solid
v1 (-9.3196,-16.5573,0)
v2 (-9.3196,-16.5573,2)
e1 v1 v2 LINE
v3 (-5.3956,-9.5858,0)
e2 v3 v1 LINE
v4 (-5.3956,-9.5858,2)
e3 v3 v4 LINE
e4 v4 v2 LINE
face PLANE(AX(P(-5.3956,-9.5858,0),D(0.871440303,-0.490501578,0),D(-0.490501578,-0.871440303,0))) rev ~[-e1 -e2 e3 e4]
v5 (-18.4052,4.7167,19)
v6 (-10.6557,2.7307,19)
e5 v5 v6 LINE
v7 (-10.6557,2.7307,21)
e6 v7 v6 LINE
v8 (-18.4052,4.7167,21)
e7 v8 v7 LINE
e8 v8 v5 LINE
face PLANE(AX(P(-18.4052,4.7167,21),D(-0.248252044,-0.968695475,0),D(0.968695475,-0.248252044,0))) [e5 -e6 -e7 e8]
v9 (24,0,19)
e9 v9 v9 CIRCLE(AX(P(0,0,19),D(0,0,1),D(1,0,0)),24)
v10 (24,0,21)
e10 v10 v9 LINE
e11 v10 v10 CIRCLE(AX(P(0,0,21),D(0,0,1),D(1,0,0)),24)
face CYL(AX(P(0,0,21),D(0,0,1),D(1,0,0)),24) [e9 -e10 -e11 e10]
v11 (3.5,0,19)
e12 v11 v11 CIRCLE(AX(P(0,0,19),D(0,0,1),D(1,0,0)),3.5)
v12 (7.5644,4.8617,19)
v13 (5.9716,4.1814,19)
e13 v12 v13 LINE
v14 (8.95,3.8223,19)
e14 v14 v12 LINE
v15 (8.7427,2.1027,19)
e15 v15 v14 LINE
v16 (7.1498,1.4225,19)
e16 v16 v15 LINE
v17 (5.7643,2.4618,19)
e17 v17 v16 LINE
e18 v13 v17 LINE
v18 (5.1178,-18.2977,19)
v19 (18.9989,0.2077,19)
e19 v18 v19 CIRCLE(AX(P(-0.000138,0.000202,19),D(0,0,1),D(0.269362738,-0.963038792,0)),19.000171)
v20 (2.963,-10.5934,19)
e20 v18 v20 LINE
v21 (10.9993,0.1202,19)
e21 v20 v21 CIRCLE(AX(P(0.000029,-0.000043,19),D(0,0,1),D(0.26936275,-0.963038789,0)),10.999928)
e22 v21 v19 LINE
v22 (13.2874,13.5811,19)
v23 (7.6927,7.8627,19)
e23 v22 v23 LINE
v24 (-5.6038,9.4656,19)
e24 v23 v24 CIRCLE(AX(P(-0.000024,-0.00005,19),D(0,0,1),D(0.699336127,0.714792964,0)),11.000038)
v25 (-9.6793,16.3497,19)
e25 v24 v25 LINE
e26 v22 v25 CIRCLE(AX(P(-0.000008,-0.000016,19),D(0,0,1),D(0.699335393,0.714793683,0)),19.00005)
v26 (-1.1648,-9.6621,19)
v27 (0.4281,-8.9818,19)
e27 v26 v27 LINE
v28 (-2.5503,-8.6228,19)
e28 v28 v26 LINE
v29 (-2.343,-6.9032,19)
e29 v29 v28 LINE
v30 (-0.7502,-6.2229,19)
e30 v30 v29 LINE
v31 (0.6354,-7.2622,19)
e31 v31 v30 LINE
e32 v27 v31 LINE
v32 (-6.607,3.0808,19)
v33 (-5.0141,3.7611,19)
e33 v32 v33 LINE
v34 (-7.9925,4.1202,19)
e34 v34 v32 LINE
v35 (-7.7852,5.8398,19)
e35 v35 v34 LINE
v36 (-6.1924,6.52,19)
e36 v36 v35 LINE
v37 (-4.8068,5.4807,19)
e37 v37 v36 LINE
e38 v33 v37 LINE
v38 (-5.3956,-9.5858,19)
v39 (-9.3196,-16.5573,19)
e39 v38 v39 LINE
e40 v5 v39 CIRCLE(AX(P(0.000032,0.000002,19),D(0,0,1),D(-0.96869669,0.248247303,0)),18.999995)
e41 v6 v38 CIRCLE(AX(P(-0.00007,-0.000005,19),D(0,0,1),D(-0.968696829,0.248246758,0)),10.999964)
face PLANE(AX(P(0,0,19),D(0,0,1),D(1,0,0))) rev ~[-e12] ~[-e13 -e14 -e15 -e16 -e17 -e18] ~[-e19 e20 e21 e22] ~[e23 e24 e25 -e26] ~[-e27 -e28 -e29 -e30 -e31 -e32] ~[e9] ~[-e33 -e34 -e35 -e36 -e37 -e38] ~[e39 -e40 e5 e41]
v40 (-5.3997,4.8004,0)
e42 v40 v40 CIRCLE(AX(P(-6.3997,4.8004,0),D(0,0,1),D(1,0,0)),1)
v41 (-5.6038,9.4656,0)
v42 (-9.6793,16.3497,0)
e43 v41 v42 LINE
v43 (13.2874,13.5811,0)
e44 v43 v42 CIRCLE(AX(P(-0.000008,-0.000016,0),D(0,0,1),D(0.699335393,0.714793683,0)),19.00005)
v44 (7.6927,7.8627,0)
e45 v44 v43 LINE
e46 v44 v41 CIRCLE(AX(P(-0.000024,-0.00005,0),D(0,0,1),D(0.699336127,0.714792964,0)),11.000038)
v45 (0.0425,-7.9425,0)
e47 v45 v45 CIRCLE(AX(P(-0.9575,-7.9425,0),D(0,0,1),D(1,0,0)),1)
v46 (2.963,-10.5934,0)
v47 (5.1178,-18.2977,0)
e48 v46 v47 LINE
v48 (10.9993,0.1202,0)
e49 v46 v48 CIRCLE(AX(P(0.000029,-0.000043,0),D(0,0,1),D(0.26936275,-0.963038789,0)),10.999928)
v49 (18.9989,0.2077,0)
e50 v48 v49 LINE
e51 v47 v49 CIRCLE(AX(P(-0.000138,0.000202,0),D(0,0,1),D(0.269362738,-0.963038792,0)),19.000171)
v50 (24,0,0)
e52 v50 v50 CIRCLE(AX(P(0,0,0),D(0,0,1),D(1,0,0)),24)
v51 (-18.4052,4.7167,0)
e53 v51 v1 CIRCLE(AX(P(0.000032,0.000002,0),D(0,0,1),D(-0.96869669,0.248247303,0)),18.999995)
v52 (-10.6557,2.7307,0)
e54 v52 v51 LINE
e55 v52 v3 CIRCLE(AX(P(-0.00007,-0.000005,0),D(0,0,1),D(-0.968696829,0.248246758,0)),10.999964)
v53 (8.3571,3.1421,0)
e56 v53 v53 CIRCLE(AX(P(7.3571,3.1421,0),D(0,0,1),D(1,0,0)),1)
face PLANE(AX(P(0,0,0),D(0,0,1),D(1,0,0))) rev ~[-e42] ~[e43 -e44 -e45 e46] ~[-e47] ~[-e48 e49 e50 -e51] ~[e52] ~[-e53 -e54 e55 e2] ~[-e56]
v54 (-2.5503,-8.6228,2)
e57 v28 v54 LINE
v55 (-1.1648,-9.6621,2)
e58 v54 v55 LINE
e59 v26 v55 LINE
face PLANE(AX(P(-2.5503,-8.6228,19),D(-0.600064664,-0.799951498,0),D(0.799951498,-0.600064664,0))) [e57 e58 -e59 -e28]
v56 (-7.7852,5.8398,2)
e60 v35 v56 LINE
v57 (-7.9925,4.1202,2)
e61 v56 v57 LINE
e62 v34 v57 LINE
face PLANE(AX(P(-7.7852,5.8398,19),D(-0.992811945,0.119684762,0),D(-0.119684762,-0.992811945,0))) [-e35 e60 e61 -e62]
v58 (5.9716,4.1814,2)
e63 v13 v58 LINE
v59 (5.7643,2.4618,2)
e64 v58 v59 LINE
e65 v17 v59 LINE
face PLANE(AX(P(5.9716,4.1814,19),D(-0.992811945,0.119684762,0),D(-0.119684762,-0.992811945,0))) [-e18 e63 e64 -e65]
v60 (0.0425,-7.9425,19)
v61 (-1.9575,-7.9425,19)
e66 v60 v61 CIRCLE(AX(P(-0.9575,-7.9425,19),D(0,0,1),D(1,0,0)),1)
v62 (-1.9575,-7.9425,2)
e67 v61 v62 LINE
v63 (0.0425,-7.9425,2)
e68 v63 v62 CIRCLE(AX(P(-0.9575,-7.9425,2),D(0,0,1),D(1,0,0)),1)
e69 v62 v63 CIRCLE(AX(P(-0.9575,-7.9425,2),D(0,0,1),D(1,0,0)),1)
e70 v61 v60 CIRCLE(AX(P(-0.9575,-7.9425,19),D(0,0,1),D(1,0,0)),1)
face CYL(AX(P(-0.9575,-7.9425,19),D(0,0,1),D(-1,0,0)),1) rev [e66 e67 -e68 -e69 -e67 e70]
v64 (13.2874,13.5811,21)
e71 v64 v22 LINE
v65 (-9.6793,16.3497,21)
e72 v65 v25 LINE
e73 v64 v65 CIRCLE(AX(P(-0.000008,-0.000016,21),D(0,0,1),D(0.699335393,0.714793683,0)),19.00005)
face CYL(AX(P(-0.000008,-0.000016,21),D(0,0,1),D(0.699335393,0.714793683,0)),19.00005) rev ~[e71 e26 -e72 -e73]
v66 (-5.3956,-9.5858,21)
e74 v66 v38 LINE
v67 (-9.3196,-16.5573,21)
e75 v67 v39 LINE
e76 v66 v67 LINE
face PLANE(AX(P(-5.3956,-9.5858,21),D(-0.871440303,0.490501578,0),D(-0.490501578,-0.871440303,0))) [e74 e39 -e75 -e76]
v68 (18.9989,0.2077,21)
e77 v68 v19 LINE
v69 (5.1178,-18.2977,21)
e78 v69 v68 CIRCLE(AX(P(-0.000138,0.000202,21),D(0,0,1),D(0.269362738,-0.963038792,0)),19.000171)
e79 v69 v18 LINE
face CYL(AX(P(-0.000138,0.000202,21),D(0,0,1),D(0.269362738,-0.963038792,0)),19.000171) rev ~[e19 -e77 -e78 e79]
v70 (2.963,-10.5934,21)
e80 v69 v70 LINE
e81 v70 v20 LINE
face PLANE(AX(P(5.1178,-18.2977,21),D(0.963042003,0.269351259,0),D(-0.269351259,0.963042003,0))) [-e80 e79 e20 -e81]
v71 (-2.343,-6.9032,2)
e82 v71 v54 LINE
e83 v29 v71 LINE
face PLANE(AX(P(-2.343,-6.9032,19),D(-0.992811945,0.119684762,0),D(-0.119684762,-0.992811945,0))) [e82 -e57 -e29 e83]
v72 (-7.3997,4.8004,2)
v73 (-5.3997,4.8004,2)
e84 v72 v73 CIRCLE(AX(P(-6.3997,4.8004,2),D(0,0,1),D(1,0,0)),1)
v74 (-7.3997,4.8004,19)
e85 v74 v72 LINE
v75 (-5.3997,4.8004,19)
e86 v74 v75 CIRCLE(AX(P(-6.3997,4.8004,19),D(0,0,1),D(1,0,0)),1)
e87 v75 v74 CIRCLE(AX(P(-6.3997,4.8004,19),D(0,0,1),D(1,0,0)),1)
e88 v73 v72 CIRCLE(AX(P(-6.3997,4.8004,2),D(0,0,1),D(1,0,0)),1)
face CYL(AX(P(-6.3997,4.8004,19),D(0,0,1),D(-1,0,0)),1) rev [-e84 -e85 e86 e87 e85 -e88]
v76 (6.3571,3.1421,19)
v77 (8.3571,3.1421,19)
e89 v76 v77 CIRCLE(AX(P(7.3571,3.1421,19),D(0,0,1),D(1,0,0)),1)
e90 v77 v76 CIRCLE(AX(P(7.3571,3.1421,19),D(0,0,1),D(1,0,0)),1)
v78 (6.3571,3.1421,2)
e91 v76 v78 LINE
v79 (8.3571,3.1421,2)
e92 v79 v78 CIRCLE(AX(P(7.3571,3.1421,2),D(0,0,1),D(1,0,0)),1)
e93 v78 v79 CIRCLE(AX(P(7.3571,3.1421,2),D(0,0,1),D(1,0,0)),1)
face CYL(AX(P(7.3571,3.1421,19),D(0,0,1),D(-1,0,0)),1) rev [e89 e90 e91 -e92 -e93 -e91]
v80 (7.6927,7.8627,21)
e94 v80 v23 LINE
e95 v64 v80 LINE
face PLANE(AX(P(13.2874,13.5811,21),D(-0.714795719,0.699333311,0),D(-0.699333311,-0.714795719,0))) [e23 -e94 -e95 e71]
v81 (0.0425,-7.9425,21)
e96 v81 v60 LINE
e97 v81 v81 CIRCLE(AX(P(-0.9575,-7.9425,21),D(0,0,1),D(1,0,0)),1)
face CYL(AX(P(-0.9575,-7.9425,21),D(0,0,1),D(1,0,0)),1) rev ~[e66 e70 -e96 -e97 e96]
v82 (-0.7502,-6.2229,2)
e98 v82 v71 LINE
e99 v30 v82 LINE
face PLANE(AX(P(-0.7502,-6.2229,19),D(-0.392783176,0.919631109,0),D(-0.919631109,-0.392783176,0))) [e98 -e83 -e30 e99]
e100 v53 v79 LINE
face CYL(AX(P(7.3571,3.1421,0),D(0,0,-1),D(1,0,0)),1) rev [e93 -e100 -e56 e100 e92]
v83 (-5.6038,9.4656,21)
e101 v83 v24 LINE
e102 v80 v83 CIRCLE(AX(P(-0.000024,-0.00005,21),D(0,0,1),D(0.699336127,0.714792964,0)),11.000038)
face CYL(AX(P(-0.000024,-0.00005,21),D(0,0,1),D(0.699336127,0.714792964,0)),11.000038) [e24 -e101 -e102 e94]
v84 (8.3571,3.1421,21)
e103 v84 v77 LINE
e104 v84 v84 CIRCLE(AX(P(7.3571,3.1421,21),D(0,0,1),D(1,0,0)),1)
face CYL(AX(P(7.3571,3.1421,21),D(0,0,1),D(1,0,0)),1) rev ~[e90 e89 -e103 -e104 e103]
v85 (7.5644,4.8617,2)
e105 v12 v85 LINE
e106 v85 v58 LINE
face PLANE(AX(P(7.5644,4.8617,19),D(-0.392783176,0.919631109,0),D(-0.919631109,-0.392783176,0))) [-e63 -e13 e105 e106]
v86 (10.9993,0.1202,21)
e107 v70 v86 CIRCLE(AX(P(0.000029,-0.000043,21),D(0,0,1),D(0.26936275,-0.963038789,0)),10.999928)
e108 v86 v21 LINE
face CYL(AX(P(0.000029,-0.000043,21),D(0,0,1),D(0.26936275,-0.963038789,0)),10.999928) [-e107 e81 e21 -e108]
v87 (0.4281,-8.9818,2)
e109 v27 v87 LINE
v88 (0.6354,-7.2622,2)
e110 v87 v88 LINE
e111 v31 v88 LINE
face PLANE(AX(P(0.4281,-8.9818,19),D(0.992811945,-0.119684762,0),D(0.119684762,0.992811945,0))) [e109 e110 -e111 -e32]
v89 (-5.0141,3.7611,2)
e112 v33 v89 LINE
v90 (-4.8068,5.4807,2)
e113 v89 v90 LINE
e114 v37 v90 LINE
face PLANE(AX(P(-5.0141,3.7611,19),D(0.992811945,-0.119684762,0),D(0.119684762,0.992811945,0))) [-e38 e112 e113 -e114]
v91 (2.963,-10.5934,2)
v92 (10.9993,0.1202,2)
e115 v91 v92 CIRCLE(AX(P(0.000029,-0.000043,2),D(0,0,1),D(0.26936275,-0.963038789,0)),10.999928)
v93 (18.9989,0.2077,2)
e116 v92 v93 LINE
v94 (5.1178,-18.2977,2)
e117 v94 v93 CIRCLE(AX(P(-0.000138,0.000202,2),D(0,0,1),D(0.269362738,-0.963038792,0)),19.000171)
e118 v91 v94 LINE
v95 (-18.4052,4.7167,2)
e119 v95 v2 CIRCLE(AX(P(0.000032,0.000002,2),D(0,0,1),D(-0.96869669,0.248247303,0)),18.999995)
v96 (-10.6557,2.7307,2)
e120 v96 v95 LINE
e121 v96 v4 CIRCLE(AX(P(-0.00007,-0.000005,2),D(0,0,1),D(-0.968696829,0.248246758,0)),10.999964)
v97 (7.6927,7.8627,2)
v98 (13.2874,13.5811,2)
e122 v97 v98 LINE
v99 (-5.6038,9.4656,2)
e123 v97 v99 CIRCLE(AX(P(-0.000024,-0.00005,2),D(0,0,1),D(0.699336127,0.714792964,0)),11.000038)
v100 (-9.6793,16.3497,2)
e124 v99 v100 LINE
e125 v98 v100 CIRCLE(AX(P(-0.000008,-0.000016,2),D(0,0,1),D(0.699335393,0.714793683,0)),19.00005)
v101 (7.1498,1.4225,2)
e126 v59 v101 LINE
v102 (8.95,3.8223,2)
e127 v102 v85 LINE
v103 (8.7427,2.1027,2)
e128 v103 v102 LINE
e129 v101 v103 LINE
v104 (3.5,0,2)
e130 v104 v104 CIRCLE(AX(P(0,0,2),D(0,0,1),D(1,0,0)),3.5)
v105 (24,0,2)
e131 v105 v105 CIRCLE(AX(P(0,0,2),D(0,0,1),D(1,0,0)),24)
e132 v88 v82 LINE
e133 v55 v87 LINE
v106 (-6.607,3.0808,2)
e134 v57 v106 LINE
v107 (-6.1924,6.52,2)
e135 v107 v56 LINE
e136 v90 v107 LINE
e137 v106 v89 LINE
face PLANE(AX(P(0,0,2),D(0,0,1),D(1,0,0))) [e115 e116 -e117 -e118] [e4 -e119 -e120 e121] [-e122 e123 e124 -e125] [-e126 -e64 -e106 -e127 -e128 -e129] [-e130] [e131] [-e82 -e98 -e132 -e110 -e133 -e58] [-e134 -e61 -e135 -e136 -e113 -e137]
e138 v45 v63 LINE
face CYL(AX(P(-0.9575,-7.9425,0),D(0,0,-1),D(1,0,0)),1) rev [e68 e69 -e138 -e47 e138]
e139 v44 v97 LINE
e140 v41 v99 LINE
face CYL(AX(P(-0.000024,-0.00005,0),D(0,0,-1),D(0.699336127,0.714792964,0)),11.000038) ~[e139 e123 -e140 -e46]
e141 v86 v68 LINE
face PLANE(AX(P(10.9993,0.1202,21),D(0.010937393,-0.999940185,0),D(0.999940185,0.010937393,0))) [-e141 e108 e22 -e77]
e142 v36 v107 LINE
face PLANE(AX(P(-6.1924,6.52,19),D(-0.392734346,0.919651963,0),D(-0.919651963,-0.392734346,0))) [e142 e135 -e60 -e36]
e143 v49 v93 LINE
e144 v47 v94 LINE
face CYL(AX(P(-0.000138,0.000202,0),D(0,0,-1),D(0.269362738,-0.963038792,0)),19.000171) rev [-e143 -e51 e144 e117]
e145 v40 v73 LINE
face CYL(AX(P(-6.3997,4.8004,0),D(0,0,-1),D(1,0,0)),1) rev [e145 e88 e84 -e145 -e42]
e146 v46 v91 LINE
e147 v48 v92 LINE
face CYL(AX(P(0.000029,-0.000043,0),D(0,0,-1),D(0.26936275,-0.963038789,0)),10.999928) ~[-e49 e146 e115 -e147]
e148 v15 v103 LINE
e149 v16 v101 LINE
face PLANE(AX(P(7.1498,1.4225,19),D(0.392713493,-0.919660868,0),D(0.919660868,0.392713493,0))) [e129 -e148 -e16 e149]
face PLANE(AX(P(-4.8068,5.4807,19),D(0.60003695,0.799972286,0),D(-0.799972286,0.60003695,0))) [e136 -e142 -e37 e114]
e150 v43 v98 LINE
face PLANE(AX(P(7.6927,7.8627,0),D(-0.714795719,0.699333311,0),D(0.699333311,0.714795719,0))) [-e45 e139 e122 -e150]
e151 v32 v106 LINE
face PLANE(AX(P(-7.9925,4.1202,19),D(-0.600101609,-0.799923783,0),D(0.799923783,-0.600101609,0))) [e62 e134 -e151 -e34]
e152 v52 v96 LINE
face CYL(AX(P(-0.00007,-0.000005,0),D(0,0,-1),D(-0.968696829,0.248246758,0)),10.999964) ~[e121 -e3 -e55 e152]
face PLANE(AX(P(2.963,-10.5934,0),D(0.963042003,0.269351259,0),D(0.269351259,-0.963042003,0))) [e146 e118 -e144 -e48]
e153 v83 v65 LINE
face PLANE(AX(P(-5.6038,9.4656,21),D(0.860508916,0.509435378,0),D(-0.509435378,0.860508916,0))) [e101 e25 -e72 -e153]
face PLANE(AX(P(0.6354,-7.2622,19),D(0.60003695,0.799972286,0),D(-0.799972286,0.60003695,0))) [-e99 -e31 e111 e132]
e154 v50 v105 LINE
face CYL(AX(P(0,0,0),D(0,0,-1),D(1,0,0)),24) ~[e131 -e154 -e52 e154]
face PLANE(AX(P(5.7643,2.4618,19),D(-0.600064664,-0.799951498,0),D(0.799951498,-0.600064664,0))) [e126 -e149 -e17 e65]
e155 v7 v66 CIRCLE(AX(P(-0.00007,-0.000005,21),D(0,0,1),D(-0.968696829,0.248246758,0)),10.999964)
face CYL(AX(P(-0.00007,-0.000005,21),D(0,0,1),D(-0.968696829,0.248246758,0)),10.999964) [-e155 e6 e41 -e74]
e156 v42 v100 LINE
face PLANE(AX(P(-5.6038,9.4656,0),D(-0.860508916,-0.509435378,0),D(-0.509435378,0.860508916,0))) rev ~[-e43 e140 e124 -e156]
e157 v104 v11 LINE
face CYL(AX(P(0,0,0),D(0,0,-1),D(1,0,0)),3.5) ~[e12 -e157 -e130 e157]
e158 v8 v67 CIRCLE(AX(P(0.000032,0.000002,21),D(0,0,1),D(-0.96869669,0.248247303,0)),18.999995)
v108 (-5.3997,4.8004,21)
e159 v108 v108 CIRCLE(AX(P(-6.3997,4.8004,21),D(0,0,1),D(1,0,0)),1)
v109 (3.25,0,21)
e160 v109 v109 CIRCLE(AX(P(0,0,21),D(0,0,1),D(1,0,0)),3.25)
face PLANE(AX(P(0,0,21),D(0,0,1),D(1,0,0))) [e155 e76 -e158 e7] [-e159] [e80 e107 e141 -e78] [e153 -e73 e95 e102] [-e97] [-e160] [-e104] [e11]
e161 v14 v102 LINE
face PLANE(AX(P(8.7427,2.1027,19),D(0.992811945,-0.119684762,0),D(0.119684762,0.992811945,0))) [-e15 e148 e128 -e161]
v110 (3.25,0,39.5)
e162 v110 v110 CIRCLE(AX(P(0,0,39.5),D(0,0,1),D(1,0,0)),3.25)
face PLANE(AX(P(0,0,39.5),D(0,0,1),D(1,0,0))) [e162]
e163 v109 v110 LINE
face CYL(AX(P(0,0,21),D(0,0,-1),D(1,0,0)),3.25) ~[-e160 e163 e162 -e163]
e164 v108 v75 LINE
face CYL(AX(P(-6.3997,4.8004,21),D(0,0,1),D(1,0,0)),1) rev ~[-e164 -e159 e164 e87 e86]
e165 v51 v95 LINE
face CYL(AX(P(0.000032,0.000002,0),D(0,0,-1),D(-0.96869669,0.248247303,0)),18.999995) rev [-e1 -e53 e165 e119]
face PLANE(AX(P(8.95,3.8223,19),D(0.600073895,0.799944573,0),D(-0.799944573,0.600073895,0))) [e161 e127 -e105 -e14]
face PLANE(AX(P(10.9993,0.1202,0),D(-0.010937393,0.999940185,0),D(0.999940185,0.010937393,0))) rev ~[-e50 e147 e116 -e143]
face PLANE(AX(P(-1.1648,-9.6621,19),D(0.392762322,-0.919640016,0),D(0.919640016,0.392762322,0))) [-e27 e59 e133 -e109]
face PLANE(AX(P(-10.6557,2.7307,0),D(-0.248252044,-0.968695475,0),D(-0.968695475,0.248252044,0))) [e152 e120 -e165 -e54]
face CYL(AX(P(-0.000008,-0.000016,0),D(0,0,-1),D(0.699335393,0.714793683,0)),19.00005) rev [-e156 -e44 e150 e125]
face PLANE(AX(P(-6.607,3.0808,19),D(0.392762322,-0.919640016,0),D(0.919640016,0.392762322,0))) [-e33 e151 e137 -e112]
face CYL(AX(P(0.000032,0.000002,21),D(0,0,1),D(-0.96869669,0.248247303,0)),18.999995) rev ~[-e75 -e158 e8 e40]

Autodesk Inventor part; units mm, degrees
ref_plane "YZ Plane" through (0, 0, 0) normal (1, 0, 0) x (0, 1, 0)
ref_plane "XZ Plane" through (0, 0, 0) normal (0, 1, 0) x (-1, 0, 0)
ref_plane "XY Plane" through (0, 0, 0) normal (0, 0, 1) x (1, 0, 0)
sketch "Sketch1" plane through (0, 0, 0) normal (0, 0, 1) x (1, 0, 0)
  circle A0 centre (0, 0) radius 24
  circle A1 centre (0, 0) radius 3.5
  arc A2 (7.6927, 7.8627) -> (-5.6038, 9.4656) centre (0, 0) ccw
  line L0 (0, 0) -> (7.6927, 7.8627) construction
  line L1 (0, 0) -> (-5.6038, 9.4656) construction
  arc A3 (13.2874, 13.5811) -> (-9.6793, 16.3497) centre (0, 0) ccw
  line L2 (0, 0) -> (13.2874, 13.5811) construction
  line L3 (0, 0) -> (-9.6793, 16.3497) construction
  line L4 (-5.6038, 9.4656) -> (-9.6793, 16.3497)
  line L5 (7.6927, 7.8627) -> (13.2874, 13.5811)
  arc A4 (5.1178, -18.2977) -> (18.9989, 0.2077) centre (0, 0) ccw
  line L6 (0, 0) -> (18.9989, 0.2077) construction
  line L7 (10.9993, 0.1202) -> (18.9989, 0.2077)
  line L8 (0, 0) -> (5.1178, -18.2977) construction
  line L9 (2.963, -10.5934) -> (5.1178, -18.2977)
  arc A5 (2.963, -10.5934) -> (10.9993, 0.1202) centre (0, 0) ccw
  arc A6 (-18.4052, 4.7167) -> (-9.3196, -16.5573) centre (0, 0) ccw
  line L10 (0, 0) -> (-9.3196, -16.5573) construction
  line L11 (-5.3956, -9.5858) -> (-9.3196, -16.5573)
  line L12 (0, 0) -> (-18.4052, 4.7167) construction
  line L13 (-10.6557, 2.7307) -> (-18.4052, 4.7167)
  arc A7 (-10.6557, 2.7307) -> (-5.3956, -9.5858) centre (0, 0) ccw
  circle A8 centre (-6.3997, 4.8004) radius 1
  line L14 (-6.3997, 4.8004) -> (0, 0) construction
  circle A9 centre (-0.9575, -7.9425) radius 1
  circle A10 centre (7.3571, 3.1421) radius 1
  dimension "d0" = 48
  dimension "d1" = 7
  dimension "d2" = 11
  dimension "a1" = 75
  dimension "d4" = 19
  dimension "d5" = 75
  dimension "d8" = 360
  dimension "d10" = 2
  dimension "d11" = 8
  dimension "d12" = 22.5
  dimension "d15" = 360
extrude "Extrusion1" add sketch "Sketch1" along normal blind 2
extrude "Extrusion2" add sketch "Sketch1" along normal blind 21 contours A1
sketch "Sketch2" plane through (0, 0, 21) normal (0, 0, 1) x (1, 0, 0)
  line L0 (-18.4052, 4.7167) -> (-10.6557, 2.7307) projected
  arc A0 (-10.6557, 2.7307) -> (-5.3956, -9.5858) centre (0, 0) ccw projected
  line L1 (-5.3956, -9.5858) -> (-9.3196, -16.5573) projected
  arc A1 (-18.4052, 4.7167) -> (-9.3196, -16.5573) centre (0, 0) ccw projected
  line L2 (5.1178, -18.2977) -> (2.963, -10.5934) projected
  arc A2 (2.963, -10.5934) -> (10.9993, 0.1202) centre (0, 0) ccw projected
  line L3 (10.9993, 0.1202) -> (18.9989, 0.2077) projected
  arc A3 (5.1178, -18.2977) -> (18.9989, 0.2077) centre (0, 0) ccw projected
  line L4 (-5.6038, 9.4656) -> (-9.6793, 16.3497) projected
  arc A4 (13.2874, 13.5811) -> (-9.6793, 16.3497) centre (0, 0) ccw projected
  line L5 (13.2874, 13.5811) -> (7.6927, 7.8627) projected
  arc A5 (7.6927, 7.8627) -> (-5.6038, 9.4656) centre (0, 0) ccw projected
  circle A6 centre (0, 0) radius 3.5 projected
  circle A7 centre (7.3571, 3.1421) radius 1 projected
  circle A8 centre (-0.9575, -7.9425) radius 1 projected
  circle A9 centre (-6.3997, 4.8004) radius 1 projected
  circle A10 centre (0, 0) radius 24 projected
extrude "Extrusion3" add sketch "Sketch2" against normal blind 2
sketch "Sketch3" plane through (0, 0, 19) normal (0, 0, -1) x (-1, 0, 0)
  circle A0 centre (0, 0) radius 24 projected
  circle A1 centre (-7.3571, 3.1421) radius 1 projected
  circle A2 centre (0.9575, -7.9425) radius 1 projected
  circle A3 centre (6.3997, 4.8004) radius 1 projected
  arc A4 (9.3196, -16.5573) -> (18.4052, 4.7167) centre (0, 0) ccw projected
  line L0 (18.4052, 4.7167) -> (10.6557, 2.7307) projected
  arc A5 (5.3956, -9.5858) -> (10.6557, 2.7307) centre (0, 0) ccw projected
  line L1 (5.3956, -9.5858) -> (9.3196, -16.5573) projected
  arc A6 (-18.9989, 0.2077) -> (-5.1178, -18.2977) centre (0, 0) ccw projected
  line L2 (-5.1178, -18.2977) -> (-2.963, -10.5934) projected
  arc A7 (-10.9993, 0.1202) -> (-2.963, -10.5934) centre (0, 0) ccw projected
  line L3 (-10.9993, 0.1202) -> (-18.9989, 0.2077) projected
  arc A8 (5.6038, 9.4656) -> (-7.6927, 7.8627) centre (0, 0) ccw projected
  line L4 (5.6038, 9.4656) -> (9.6793, 16.3497) projected
  arc A9 (9.6793, 16.3497) -> (-13.2874, 13.5811) centre (0, 0) ccw projected
  line L5 (-13.2874, 13.5811) -> (-7.6927, 7.8627) projected
  circle A10 centre (0.9575, -7.9425) radius 1 projected
  line L6 (-0.6354, -7.2622) -> (0.7502, -6.2229)
  line L7 (0.7502, -6.2229) -> (2.343, -6.9032)
  line L8 (2.343, -6.9032) -> (2.5503, -8.6228)
  line L9 (2.5503, -8.6228) -> (1.1648, -9.6621)
  line L10 (1.1648, -9.6621) -> (-0.4281, -8.9818)
  line L11 (-0.4281, -8.9818) -> (-0.6354, -7.2622)
  line L12 (0, 0) -> (0.9575, -7.9425) construction
  line L13 (0, 0) -> (6.3997, 4.8004) construction
  line L14 (7.9925, 4.1202) -> (6.607, 3.0808)
  line L15 (6.607, 3.0808) -> (5.0141, 3.7611)
  line L16 (5.0141, 3.7611) -> (4.8068, 5.4807)
  line L17 (7.7852, 5.8398) -> (7.9925, 4.1202)
  line L18 (4.8068, 5.4807) -> (6.1924, 6.52)
  line L19 (6.1924, 6.52) -> (7.7852, 5.8398)
  line L20 (0, 0) -> (-7.3571, 3.1421) construction
  line L21 (-7.5644, 4.8617) -> (-5.9716, 4.1814)
  line L22 (-5.9716, 4.1814) -> (-5.7643, 2.4618)
  line L23 (-5.7643, 2.4618) -> (-7.1498, 1.4225)
  line L24 (-8.95, 3.8223) -> (-7.5644, 4.8617)
  line L25 (-7.1498, 1.4225) -> (-8.7427, 2.1027)
  line L26 (-8.7427, 2.1027) -> (-8.95, 3.8223)
  dimension "d23" = 3
  dimension "d26" = 360
extrude "Extrusion4" add sketch "Sketch3" along normal blind 17 contours L6 L7 L8 L9 L10 L11 | L14 L15 L16 L18 L19 L17 | L21 L22 L23 L25 L26 L24
sketch "Sketch4" plane through (0, 0, 21) normal (0, 0, 1) x (1, 0, 0)
  circle A0 centre (0, 0) radius 3.25
  dimension "d30" = 6.5
extrude "Extrusion5" add sketch "Sketch4" along normal blind 18.5
equation "\"d5\" = a1"
properties part number "platform_wheel"
